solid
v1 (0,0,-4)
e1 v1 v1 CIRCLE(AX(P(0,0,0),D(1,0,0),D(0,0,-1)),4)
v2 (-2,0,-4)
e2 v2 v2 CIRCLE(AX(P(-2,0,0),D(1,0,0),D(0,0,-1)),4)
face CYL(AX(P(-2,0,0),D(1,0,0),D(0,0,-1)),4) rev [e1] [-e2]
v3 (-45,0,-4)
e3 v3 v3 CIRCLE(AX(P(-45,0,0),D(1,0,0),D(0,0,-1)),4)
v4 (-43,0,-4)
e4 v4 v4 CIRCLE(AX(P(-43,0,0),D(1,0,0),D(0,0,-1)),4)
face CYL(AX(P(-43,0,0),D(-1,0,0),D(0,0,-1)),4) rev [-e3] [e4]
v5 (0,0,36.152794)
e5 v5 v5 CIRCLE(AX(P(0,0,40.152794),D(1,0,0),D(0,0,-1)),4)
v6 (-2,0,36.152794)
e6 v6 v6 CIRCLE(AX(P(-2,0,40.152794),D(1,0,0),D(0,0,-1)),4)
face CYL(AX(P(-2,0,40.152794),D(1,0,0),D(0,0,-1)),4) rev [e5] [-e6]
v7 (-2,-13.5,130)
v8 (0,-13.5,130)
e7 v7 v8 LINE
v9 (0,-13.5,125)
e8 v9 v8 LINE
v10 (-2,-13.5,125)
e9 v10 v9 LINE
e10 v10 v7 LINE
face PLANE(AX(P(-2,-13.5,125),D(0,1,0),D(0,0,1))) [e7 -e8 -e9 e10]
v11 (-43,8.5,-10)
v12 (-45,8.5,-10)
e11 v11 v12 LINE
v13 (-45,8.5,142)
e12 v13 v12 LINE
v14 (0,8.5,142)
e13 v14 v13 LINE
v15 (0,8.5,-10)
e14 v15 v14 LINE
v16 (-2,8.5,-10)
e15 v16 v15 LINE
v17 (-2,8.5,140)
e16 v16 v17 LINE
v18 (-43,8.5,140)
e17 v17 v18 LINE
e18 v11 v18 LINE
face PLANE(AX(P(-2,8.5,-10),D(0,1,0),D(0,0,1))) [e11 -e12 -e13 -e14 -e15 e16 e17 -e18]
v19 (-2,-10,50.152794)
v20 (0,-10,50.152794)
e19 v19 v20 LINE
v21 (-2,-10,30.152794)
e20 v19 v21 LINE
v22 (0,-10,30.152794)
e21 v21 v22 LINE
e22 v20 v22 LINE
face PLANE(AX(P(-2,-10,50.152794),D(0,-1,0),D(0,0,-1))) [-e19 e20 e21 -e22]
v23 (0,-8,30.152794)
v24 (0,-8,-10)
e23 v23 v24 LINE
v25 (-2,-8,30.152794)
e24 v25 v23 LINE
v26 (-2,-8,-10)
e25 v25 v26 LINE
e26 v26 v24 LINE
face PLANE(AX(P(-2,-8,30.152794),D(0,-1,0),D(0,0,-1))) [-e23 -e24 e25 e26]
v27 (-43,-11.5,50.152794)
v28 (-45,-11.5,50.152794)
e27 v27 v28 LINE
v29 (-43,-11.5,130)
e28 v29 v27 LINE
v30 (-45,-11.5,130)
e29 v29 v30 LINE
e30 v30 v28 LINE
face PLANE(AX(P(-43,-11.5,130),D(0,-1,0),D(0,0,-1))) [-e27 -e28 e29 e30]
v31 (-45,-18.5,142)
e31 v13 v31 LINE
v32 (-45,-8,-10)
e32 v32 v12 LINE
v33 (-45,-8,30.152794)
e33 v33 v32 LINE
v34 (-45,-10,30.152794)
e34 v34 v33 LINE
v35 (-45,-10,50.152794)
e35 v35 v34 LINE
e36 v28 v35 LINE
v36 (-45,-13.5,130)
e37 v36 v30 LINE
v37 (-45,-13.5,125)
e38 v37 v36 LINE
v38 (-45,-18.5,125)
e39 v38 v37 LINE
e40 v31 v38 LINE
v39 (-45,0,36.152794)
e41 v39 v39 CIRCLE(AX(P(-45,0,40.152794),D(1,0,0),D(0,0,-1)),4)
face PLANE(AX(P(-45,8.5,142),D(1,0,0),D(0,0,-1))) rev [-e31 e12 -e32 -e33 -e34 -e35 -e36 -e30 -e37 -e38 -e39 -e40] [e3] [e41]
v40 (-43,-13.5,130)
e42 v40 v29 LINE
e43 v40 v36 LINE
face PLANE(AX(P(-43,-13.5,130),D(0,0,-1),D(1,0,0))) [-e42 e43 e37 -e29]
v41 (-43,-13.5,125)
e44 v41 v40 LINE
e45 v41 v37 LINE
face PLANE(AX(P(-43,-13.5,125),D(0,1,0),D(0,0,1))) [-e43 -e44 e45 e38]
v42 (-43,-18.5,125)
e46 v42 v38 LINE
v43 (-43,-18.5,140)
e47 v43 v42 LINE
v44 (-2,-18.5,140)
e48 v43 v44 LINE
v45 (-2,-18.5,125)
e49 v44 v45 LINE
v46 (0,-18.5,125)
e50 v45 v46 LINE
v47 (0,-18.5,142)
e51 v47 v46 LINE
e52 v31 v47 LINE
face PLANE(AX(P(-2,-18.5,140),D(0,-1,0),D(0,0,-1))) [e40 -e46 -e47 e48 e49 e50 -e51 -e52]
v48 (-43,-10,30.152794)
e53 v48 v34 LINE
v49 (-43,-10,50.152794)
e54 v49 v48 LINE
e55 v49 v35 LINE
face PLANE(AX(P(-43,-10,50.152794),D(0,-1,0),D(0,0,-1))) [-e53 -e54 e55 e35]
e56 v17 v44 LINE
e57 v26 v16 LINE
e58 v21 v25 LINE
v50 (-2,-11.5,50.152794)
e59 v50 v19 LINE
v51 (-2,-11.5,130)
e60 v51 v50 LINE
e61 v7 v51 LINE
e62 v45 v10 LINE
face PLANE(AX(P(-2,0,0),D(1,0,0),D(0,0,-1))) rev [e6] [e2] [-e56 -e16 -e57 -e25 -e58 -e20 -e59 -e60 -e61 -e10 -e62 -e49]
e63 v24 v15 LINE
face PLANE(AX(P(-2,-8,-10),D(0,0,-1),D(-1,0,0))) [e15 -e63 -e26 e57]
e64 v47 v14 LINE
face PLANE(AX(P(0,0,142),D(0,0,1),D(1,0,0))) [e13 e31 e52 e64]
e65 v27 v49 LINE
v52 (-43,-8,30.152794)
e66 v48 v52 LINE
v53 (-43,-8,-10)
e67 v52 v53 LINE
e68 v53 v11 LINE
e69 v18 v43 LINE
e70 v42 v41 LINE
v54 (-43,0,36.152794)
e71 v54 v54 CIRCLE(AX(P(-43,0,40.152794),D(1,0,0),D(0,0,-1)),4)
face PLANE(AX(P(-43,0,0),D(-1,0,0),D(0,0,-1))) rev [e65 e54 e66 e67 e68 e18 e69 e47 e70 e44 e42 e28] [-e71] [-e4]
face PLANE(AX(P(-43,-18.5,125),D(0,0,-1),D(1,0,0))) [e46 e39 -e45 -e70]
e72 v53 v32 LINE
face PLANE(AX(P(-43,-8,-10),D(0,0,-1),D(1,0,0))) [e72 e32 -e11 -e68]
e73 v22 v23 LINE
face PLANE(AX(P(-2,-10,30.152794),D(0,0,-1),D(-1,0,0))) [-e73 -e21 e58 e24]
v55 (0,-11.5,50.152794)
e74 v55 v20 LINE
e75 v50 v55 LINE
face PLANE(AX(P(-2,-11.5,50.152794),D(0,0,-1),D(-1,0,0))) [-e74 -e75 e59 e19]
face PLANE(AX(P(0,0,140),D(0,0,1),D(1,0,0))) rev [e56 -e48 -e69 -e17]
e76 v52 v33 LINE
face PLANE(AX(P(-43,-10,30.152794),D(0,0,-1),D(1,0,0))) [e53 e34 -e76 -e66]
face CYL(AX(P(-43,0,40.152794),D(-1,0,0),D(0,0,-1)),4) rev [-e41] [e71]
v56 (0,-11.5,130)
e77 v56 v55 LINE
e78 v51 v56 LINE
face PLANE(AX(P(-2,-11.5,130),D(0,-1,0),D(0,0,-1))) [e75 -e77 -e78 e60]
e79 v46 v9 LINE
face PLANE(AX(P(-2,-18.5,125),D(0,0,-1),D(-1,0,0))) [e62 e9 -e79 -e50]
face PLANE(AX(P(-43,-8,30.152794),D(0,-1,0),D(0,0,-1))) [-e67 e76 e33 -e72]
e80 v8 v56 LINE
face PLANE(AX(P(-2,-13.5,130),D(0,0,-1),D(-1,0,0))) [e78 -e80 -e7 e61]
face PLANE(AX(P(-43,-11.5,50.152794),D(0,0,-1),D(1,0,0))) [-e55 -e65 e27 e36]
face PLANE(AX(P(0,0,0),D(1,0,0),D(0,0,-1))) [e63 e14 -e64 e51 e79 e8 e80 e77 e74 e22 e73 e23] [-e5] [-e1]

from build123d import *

# Parameters (mm, degrees)
SKETCH1_R           = 4
BOSS_EXTRUDE1_DEPTH = 2
SKETCH2_W           = 45
SKETCH2_H           = 27
BOSS_EXTRUDE2_DEPTH = 2


with BuildPart() as part:
    # Sketch1 → Boss-Extrude1 (new body)
    with BuildSketch(Plane.YZ):
        Polygon((8.5, -10), (8.5, 140), (-18.5, 140), (-18.5, 125), (-13.5, 125), (-13.5, 130), (-11.5, 130), (-11.5, 50.152793502), (-10, 50.152793502), (-10, 30.152793502), (-8, 30.152793502), (-8, -10), align=None)
        Circle(SKETCH1_R, mode=Mode.SUBTRACT)
        with Locations((0, 40.152793502)):
            Circle(SKETCH1_R, mode=Mode.SUBTRACT)
    extrude(amount=-BOSS_EXTRUDE1_DEPTH)


with BuildPart() as body_2:
    # Mirror2: mirrored copy
    add(part.part.mirror(Plane.ZY.offset(22.5)))


with BuildPart() as part_1:
    add(part.part)

    add(body_2.part)  # Boss-Extrude2 merges body 2
    # Sketch2 → Boss-Extrude2 (add)
    with BuildSketch(Plane.XY.offset(140)):
        with Locations((-22.5, -5)):
            Rectangle(SKETCH2_W, SKETCH2_H)
    extrude(amount=BOSS_EXTRUDE2_DEPTH)


solid = part_1.part
